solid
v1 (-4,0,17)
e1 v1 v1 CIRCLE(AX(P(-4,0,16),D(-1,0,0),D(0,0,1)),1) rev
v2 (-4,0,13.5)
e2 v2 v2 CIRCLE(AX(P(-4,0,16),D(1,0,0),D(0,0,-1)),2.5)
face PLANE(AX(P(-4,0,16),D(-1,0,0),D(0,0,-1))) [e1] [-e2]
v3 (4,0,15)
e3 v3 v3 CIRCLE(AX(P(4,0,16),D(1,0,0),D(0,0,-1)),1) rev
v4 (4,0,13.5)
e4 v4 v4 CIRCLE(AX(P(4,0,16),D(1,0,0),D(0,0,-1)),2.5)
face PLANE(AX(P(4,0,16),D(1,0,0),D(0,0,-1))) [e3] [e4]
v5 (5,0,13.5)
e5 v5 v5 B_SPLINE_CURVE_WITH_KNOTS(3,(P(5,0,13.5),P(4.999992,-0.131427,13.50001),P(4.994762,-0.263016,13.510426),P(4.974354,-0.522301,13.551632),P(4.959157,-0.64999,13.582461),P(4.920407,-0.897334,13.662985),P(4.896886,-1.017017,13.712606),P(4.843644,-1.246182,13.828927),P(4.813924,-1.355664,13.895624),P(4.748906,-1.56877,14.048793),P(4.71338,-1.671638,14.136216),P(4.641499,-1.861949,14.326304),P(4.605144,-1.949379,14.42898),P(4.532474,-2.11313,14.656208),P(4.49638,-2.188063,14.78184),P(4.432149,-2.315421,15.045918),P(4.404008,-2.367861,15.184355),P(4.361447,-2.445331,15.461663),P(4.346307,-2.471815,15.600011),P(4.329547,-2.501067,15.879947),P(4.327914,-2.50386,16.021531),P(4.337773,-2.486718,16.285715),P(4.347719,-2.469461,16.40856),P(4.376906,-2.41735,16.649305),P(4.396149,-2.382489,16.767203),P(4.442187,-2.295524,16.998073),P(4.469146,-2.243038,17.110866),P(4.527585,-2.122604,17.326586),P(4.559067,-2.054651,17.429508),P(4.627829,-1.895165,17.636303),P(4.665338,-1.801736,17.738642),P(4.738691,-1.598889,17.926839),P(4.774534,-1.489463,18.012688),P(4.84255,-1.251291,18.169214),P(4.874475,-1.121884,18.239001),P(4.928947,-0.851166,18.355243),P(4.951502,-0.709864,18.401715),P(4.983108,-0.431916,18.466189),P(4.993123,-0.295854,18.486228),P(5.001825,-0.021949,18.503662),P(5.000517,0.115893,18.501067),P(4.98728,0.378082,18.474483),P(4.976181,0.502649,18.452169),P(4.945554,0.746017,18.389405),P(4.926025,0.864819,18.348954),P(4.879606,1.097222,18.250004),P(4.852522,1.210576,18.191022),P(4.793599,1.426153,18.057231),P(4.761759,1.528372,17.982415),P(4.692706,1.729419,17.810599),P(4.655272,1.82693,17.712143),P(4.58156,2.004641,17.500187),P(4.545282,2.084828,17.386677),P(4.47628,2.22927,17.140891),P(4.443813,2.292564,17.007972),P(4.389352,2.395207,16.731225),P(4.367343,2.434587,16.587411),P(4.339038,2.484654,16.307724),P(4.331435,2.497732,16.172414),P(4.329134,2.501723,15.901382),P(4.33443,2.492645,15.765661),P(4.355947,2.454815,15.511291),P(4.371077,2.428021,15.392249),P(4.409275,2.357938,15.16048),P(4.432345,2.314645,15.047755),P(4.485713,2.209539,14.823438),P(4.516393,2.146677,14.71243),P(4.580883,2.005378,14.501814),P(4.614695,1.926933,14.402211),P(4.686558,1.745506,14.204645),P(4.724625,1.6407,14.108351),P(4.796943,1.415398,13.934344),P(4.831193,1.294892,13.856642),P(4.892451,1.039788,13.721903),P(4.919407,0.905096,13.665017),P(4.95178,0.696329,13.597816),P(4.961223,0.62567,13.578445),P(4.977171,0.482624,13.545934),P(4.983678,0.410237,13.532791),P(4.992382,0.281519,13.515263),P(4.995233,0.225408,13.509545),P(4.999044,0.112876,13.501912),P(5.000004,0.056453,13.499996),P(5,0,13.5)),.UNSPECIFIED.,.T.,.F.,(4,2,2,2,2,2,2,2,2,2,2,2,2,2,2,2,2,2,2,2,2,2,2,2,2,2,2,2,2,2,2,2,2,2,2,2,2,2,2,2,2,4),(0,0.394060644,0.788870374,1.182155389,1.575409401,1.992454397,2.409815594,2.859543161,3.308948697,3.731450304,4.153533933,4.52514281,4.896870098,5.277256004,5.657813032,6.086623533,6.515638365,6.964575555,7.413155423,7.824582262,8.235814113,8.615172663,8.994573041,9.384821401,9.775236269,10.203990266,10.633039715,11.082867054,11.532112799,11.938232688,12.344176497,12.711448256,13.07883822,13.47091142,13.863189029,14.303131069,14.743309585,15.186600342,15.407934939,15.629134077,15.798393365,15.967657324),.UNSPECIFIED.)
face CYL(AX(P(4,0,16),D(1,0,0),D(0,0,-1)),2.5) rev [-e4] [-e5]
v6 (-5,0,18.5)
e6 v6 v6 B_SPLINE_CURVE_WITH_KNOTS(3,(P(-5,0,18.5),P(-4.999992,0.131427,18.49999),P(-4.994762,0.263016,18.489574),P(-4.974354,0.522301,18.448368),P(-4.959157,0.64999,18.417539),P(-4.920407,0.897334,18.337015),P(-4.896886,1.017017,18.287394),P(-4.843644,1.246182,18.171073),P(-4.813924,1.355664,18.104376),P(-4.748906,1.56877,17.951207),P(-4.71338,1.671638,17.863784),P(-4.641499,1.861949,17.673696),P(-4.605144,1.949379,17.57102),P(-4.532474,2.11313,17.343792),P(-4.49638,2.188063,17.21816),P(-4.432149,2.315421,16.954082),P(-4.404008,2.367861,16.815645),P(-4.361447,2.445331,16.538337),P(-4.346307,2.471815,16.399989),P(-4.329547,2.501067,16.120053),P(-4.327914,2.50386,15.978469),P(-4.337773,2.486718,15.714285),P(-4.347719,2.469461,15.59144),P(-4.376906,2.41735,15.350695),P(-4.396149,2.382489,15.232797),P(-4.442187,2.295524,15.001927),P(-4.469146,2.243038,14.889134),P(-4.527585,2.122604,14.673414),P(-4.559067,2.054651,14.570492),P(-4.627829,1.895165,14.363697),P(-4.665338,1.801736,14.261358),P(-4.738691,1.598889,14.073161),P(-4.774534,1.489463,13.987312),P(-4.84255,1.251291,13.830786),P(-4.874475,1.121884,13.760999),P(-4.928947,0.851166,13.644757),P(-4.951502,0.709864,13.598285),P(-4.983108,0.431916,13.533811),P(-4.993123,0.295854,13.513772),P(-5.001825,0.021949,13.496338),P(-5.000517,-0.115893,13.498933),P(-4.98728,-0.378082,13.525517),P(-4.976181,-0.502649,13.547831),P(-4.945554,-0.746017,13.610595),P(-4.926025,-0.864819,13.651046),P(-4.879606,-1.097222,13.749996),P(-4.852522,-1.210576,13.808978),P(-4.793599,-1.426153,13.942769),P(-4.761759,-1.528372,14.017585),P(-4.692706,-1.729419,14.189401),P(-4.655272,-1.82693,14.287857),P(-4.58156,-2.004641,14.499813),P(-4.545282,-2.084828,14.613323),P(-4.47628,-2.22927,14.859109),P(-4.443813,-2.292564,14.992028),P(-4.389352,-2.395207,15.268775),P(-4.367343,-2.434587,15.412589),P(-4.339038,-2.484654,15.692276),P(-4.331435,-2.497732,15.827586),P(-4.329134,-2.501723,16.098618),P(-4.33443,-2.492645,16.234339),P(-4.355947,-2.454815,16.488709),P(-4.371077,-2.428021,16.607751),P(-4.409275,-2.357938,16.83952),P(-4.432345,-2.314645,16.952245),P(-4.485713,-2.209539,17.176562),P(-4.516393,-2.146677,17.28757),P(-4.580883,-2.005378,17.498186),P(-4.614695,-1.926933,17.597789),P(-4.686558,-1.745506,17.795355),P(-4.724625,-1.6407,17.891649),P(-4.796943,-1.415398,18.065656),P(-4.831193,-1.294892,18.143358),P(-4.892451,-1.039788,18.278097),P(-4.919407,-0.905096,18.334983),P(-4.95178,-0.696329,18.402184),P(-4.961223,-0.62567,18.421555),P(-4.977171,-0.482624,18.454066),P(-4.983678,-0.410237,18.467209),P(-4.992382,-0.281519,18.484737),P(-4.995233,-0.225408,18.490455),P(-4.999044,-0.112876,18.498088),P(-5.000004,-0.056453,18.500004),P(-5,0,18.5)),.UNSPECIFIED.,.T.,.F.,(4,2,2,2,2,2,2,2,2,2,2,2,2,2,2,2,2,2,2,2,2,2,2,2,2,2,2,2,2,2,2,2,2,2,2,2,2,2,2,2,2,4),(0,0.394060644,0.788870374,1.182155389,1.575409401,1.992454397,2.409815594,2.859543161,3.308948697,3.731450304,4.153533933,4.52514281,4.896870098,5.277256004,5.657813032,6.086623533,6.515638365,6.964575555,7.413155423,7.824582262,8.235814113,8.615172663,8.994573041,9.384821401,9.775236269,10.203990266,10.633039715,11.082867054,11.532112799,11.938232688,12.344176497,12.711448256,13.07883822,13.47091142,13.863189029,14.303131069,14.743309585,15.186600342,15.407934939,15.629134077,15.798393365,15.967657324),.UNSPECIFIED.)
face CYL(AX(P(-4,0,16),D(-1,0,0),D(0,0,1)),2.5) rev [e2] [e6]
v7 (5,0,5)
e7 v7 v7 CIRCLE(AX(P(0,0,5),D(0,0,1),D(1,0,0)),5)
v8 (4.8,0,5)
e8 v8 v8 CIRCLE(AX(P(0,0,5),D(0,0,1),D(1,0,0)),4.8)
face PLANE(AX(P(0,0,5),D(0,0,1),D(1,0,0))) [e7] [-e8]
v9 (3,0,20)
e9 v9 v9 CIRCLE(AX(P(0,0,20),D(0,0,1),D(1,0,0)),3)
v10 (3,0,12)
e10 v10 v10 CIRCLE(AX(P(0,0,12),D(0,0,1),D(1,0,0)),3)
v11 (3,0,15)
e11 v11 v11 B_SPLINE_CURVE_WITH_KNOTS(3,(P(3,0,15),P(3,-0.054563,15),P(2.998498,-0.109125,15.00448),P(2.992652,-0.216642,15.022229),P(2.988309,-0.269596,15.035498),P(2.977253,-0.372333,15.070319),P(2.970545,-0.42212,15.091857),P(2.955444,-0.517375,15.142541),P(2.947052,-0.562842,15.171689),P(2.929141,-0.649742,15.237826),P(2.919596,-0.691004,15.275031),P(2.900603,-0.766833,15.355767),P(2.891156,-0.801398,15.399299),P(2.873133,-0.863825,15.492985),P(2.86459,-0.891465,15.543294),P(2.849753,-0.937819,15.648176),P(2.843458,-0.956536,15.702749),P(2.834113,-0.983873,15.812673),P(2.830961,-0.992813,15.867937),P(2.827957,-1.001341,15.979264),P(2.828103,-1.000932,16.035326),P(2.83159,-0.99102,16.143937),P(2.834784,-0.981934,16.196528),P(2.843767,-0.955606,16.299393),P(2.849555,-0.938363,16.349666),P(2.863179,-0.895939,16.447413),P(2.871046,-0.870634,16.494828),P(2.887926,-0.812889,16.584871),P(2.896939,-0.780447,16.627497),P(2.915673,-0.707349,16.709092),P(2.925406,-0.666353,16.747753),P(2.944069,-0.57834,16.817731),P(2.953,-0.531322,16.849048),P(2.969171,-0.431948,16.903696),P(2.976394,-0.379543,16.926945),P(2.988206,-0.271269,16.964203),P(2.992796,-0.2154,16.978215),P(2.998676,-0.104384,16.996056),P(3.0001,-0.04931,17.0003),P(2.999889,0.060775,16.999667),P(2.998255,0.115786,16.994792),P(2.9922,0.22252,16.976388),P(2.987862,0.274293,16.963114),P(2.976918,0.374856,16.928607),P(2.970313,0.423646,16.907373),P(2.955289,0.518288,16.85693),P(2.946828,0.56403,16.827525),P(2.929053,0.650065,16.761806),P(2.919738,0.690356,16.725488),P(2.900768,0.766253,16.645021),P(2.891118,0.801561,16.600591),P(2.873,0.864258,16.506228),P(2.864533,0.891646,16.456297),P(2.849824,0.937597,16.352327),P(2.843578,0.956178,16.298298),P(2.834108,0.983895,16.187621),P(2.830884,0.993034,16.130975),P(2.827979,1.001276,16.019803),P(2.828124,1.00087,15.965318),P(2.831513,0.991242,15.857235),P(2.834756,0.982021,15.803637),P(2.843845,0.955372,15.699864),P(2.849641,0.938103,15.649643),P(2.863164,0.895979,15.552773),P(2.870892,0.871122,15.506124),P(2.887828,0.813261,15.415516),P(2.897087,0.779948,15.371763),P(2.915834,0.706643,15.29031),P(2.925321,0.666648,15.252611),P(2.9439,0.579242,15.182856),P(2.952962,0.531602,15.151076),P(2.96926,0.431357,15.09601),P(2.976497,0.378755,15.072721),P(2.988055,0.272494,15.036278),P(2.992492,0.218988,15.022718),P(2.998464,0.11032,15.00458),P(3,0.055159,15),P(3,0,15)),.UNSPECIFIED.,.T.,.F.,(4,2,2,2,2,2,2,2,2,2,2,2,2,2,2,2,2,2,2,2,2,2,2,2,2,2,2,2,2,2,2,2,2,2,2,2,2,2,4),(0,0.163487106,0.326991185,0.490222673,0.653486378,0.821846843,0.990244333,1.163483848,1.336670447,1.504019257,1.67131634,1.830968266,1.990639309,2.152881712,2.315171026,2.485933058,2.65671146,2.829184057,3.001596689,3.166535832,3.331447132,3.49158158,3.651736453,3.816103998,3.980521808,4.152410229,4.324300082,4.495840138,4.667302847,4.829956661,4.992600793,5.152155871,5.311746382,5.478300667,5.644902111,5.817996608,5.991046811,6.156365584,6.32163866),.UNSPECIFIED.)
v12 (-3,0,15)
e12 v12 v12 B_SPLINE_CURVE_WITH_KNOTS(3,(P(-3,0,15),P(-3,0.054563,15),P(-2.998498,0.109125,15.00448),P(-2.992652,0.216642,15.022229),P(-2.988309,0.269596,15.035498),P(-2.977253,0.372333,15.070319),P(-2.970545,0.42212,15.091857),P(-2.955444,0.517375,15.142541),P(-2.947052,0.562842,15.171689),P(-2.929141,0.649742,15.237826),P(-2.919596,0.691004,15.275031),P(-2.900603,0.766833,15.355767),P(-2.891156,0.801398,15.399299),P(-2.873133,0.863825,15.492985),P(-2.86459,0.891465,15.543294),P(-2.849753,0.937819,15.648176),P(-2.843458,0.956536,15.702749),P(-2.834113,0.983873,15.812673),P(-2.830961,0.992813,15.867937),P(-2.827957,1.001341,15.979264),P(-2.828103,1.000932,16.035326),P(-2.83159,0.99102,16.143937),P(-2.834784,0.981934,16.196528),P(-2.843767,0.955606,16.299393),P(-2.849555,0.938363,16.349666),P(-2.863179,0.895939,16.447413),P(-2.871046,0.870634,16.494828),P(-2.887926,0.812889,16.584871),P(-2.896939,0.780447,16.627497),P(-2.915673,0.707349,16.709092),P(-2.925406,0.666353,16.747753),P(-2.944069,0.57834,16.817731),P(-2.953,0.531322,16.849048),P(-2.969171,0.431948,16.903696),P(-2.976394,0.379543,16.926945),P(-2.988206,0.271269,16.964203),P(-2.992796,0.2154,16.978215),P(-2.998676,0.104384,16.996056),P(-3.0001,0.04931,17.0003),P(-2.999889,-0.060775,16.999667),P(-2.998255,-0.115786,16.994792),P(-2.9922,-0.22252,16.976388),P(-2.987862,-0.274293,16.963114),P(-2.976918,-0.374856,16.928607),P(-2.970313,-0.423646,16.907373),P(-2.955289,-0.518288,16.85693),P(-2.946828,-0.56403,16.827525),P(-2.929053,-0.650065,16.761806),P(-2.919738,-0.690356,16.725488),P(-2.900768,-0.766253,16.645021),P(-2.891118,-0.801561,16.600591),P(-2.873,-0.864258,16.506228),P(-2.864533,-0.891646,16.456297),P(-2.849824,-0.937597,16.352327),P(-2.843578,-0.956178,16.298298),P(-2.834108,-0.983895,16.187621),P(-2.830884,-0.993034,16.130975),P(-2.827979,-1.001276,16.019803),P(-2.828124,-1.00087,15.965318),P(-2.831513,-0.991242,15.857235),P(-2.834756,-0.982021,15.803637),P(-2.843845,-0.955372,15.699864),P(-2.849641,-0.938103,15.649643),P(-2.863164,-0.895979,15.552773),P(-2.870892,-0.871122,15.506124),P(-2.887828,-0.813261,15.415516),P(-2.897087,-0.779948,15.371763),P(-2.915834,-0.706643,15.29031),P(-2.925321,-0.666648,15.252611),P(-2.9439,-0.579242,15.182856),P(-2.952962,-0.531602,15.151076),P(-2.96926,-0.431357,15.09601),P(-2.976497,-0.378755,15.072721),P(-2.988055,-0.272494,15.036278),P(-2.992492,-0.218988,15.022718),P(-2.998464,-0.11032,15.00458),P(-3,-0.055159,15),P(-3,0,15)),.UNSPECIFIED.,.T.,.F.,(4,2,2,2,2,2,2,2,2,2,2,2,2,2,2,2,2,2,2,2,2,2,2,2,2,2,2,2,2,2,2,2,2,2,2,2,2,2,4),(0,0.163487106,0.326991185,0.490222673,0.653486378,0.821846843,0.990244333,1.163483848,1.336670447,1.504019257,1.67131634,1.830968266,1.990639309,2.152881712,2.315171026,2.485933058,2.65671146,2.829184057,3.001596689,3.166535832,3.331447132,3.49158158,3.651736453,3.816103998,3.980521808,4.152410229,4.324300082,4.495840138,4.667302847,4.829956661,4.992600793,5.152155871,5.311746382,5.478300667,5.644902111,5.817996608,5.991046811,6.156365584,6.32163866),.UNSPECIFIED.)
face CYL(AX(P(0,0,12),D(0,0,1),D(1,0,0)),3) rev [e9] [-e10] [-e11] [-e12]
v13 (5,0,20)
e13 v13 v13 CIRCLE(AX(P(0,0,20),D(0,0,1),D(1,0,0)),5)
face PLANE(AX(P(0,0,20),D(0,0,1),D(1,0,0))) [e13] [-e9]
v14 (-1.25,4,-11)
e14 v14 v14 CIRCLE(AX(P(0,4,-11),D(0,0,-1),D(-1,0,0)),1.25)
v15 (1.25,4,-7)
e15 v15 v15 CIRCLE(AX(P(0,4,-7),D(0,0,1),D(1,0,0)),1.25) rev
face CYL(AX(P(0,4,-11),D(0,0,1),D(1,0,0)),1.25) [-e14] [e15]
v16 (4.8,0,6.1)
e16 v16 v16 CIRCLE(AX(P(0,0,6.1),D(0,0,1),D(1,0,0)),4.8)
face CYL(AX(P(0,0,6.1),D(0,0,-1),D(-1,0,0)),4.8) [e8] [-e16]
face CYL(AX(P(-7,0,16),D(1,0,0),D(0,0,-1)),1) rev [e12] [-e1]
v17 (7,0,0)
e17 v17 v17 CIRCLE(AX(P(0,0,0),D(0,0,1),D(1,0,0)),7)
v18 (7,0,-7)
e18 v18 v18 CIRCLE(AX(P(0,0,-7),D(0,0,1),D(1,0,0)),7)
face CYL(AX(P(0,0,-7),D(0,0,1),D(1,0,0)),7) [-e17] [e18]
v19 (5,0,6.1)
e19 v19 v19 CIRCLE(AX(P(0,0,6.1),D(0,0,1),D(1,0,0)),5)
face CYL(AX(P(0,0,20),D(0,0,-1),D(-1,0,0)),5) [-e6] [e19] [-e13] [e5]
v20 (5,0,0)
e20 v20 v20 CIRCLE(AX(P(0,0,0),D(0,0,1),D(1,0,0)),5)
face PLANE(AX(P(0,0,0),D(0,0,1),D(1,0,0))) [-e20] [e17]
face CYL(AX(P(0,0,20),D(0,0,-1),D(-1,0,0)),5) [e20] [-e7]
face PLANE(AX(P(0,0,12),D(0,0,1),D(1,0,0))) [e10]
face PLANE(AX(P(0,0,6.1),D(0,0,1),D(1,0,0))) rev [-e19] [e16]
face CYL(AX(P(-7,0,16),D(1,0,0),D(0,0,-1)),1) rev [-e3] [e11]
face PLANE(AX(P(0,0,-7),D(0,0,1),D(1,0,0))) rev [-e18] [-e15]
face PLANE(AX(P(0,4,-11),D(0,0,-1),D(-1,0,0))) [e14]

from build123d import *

# Parameters (mm, degrees)
SKETCH1_R           = 7
BOSS_EXTRUDE1_DEPTH = 7
SKETCH2_R           = 5
BOSS_EXTRUDE2_DEPTH = 20
SKETCH3_R           = 6
SKETCH3_R_2         = 4.8
CUT_EXTRUDE1_DEPTH  = 1.1
SKETCH4_R           = 1.25
BOSS_EXTRUDE3_DEPTH = 4
SKETCH5_R           = 1
CUT_EXTRUDE2_DEPTH  = 13
SKETCH6_R           = 2.5
CUT_EXTRUDE3_DEPTH  = 1
SKETCH7_R           = 3
CUT_EXTRUDE4_DEPTH  = 8


with BuildPart() as part:
    # Sketch1 → Boss-Extrude1 (new body)
    with BuildSketch(Plane.XY):
        Circle(SKETCH1_R)
    extrude(amount=-BOSS_EXTRUDE1_DEPTH)

    # Sketch2 → Boss-Extrude2 (add)
    with BuildSketch(Plane.XY):
        Circle(SKETCH2_R)
    extrude(amount=BOSS_EXTRUDE2_DEPTH)

    # Sketch3 → Cut-Extrude1 (cut)
    with BuildSketch(Plane.XY.offset(5)):
        Circle(SKETCH3_R)
        Circle(SKETCH3_R_2, mode=Mode.SUBTRACT)
    extrude(amount=CUT_EXTRUDE1_DEPTH, mode=Mode.SUBTRACT)

    # Sketch4 → Boss-Extrude3 (add)
    with BuildSketch(Plane(origin=(0, 0, -7), x_dir=(-1, 0, 0), z_dir=(0, 0, -1))):
        with Locations((0, 4)):
            Circle(SKETCH4_R)
    extrude(amount=BOSS_EXTRUDE3_DEPTH)

    # Sketch5 → Cut-Extrude2 (cut, through all)
    with BuildSketch(Plane(origin=(5, 0, 0), x_dir=(0, 0, -1), z_dir=(1, 0, 0))):
        with Locations((-16, 0)):
            Circle(SKETCH5_R)
    extrude(amount=-CUT_EXTRUDE2_DEPTH, mode=Mode.SUBTRACT)

    # Sketch6 → Cut-Extrude3 (cut)
    with BuildSketch(Plane(origin=(5, 0, 0), x_dir=(0, 0, -1), z_dir=(1, 0, 0))):
        with Locations((-16, 0)):
            Circle(SKETCH6_R)
    cut_extrude3 = extrude(amount=-CUT_EXTRUDE3_DEPTH, mode=Mode.SUBTRACT)

    # Mirror1: Cut-Extrude3 across plane
    add(cut_extrude3.mirror(Plane(origin=(0, 0, 0), x_dir=(0, 0, 1), z_dir=(1, 0, 0))), mode=Mode.SUBTRACT)

    # Sketch7 → Cut-Extrude4 (cut)
    with BuildSketch(Plane.XY.offset(20)):
        Circle(SKETCH7_R)
    extrude(amount=-CUT_EXTRUDE4_DEPTH, mode=Mode.SUBTRACT)


solid = part.part
